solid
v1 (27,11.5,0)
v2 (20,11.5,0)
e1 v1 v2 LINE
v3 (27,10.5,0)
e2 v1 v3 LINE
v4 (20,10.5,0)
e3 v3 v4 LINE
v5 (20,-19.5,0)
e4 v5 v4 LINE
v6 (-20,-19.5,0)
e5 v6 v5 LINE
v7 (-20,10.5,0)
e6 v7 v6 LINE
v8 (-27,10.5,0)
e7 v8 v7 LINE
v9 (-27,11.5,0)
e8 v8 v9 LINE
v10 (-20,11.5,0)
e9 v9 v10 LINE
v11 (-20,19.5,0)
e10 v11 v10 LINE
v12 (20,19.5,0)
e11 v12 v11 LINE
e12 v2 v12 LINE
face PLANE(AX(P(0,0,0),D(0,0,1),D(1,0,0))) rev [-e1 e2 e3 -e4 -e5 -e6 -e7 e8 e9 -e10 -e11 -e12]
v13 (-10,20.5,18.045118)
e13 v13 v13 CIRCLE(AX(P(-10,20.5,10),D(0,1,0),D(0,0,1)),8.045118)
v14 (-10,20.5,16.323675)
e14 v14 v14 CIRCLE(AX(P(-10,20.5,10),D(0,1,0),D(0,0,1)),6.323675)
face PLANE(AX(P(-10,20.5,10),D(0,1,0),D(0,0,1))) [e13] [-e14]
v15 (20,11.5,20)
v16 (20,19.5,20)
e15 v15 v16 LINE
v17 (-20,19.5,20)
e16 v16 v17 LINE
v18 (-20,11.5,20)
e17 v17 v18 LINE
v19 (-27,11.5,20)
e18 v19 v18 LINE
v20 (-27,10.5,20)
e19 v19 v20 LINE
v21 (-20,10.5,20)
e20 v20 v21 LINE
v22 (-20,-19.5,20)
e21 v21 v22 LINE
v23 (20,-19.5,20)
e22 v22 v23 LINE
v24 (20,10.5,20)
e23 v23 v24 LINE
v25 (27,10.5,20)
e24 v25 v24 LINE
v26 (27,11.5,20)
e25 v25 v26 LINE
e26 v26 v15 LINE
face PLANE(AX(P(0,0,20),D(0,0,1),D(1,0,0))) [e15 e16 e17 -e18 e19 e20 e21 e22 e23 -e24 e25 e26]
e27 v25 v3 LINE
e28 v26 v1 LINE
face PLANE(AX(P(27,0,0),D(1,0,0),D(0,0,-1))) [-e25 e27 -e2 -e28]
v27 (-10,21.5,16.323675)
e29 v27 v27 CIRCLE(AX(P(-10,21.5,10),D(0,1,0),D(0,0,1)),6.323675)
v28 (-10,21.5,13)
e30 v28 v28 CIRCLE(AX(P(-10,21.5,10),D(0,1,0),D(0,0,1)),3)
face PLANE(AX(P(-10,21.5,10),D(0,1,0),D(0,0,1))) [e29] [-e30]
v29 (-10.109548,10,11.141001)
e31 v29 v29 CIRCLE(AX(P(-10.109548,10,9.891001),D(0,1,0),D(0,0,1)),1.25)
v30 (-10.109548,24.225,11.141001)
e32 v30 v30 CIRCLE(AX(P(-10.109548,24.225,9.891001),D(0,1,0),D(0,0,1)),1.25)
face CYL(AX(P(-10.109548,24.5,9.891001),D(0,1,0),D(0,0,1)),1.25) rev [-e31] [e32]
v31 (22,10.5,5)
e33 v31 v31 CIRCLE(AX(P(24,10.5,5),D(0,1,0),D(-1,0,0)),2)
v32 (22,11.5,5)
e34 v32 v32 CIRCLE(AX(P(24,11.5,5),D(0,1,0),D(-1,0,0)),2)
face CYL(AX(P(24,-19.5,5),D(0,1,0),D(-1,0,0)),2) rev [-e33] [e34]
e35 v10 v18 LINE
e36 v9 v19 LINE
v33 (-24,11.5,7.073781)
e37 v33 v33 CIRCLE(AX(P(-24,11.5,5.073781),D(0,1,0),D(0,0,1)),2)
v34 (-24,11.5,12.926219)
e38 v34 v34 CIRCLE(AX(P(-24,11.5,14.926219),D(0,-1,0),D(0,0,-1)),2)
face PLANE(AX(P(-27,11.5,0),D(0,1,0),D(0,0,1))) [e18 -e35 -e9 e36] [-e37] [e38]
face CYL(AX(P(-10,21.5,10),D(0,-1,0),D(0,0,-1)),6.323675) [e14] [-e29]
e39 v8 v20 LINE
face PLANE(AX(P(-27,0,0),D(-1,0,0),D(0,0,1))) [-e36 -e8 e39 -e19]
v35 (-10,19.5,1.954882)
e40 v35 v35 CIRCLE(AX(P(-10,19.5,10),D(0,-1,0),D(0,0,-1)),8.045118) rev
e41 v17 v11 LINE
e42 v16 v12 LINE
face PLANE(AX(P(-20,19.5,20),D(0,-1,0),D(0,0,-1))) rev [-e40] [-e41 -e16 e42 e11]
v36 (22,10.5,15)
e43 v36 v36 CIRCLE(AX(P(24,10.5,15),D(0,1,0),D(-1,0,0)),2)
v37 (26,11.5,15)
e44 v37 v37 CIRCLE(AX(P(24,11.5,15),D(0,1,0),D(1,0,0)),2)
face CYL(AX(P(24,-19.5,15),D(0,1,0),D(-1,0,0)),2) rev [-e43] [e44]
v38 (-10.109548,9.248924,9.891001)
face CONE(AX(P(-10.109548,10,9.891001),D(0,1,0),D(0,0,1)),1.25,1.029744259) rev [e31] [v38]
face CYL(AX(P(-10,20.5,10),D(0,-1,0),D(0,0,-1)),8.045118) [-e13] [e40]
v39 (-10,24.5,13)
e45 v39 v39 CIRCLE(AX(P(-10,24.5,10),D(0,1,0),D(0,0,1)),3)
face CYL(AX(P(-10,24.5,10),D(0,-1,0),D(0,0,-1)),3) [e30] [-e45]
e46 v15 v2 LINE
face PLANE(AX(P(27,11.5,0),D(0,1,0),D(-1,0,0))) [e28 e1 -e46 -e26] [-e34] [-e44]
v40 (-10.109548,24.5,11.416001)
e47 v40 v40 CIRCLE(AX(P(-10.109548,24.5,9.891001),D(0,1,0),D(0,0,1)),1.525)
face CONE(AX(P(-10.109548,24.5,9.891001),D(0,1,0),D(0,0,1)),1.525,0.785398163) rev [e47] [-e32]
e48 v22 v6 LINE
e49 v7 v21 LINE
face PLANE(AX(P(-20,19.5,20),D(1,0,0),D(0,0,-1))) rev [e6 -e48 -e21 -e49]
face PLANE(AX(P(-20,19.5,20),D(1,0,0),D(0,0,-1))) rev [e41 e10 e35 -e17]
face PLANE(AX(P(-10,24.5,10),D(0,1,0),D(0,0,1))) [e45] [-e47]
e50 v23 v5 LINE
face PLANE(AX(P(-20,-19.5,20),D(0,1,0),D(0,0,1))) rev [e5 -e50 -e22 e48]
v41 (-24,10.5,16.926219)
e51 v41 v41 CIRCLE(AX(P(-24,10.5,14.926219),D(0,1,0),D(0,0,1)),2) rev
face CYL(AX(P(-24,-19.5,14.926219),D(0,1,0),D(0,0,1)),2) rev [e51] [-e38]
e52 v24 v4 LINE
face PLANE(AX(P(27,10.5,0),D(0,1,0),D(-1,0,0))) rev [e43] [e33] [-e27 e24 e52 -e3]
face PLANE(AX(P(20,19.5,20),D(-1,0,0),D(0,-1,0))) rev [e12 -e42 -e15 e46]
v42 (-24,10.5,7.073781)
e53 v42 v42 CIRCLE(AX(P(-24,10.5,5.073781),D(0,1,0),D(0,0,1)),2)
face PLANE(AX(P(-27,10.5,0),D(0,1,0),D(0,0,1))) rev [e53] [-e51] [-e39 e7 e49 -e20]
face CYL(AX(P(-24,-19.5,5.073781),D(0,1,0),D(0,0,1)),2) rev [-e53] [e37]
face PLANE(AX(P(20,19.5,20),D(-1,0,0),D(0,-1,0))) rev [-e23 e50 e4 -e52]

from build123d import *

# Parameters (mm, degrees)
SKETCH_1_W                   = 40
SKETCH_1_H                   = 39
EXTRUDE_1_DEPTH              = 20
SKETCH_2_W                   = 20
SKETCH_2_H                   = 1
EXTRUDE_2_DEPTH              = 7
SKETCH_3_W                   = 20
SKETCH_3_H                   = 1
EXTRUDE_3_DEPTH              = 7
SKETCH_5_R                   = 2
CUT_EXTRUDE_1_DEPTH          = 46.716517803
SKETCH_6_R                   = 2
CUT_EXTRUDE_2_DEPTH          = 46.716517803
SKETCH_7_R                   = 8.045118309
EXTRUDE_4_DEPTH              = 1
SKETCH_8_R                   = 6.323674856
EXTRUDE_5_DEPTH              = 1
SKETCH_9_R                   = 3
EXTRUDE_6_DEPTH              = 3
HOLE_WIZARD_M3_1_D           = 2.5
HOLE_WIZARD_M3_1_DEPTH       = 14.5
HOLE_WIZARD_M3_1_CSINK_D     = 3.05
HOLE_WIZARD_M3_1_CSINK_ANGLE = 90
HOLE_WIZARD_M3_1_TIP         = 0.751075774


with BuildPart() as part:
    # 草图1 → 凸台-拉伸1 (new body)
    with BuildSketch(Plane.XY):
        Rectangle(SKETCH_1_W, SKETCH_1_H)
    extrude(amount=EXTRUDE_1_DEPTH)

    # 草图2 → 凸台-拉伸2 (add)
    with BuildSketch(Plane.ZY.offset(20)):
        with Locations((10, 11)):
            Rectangle(SKETCH_2_W, SKETCH_2_H)
    extrude(amount=EXTRUDE_2_DEPTH)

    # 草图3 → 凸台-拉伸3 (add)
    with BuildSketch(Plane(origin=(20, 0, 0), x_dir=(0, 0, -1), z_dir=(1, 0, 0))):
        with Locations((-10, 11)):
            Rectangle(SKETCH_3_W, SKETCH_3_H)
    extrude(amount=EXTRUDE_3_DEPTH)

    # 草图5 → 切除-拉伸1 (cut, through all)
    with BuildSketch(Plane(origin=(0, 11.5, 0), x_dir=(1, 0, 0), z_dir=(0, 1, 0))):
        with Locations(Location((-24, -5.073781131, 0), (0, 0, 270))):
            Circle(SKETCH_5_R)
        with Locations(Location((-24, -14.926218869, 0), (0, 0, 270))):
            Circle(SKETCH_5_R)
    extrude(amount=-CUT_EXTRUDE_1_DEPTH, mode=Mode.SUBTRACT)

    # 草图6 → 切除-拉伸2 (cut, through all)
    with BuildSketch(Plane(origin=(0, 11.5, 0), x_dir=(1, 0, 0), z_dir=(0, 1, 0))):
        with Locations(Location((24, -5, 0), (0, 0, 180))):
            Circle(SKETCH_6_R)
        with Locations(Location((24, -15, 0), (0, 0, 180))):
            Circle(SKETCH_6_R)
    extrude(amount=-CUT_EXTRUDE_2_DEPTH, mode=Mode.SUBTRACT)

    # 草图7 → 凸台-拉伸4 (add)
    with BuildSketch(Plane(origin=(0, 19.5, 0), x_dir=(1, 0, 0), z_dir=(0, 1, 0))):
        with Locations(Location((-10, -10, 0), (0, 0, 90))):
            Circle(SKETCH_7_R)
    extrude(amount=EXTRUDE_4_DEPTH)

    # 草图8 → 凸台-拉伸5 (add)
    with BuildSketch(Plane(origin=(0, 20.5, 0), x_dir=(1, 0, 0), z_dir=(0, 1, 0))):
        with Locations(Location((-10, -10, 0), (0, 0, 270))):
            Circle(SKETCH_8_R)
    extrude(amount=EXTRUDE_5_DEPTH)

    # 草图9 → 凸台-拉伸6 (add)
    with BuildSketch(Plane(origin=(0, 21.5, 0), x_dir=(1, 0, 0), z_dir=(0, 1, 0))):
        with Locations(Location((-10, -10, 0), (0, 0, 270))):
            Circle(SKETCH_9_R)
    extrude(amount=EXTRUDE_6_DEPTH)

    # M3 螺纹孔1
    with Locations(Plane(origin=(-10.109547736, 24.5, 9.891000731), x_dir=(0, 0, 1), z_dir=(0, 1, 0))):
        with Locations((0, 0)):
            CounterSinkHole(HOLE_WIZARD_M3_1_D / 2, HOLE_WIZARD_M3_1_CSINK_D / 2, depth=HOLE_WIZARD_M3_1_DEPTH, counter_sink_angle=HOLE_WIZARD_M3_1_CSINK_ANGLE)
            with Locations((0, 0, -(HOLE_WIZARD_M3_1_DEPTH + HOLE_WIZARD_M3_1_TIP / 2))):  # 118° drill point
                Cone(0, HOLE_WIZARD_M3_1_D / 2, HOLE_WIZARD_M3_1_TIP, mode=Mode.SUBTRACT)


solid = part.part
